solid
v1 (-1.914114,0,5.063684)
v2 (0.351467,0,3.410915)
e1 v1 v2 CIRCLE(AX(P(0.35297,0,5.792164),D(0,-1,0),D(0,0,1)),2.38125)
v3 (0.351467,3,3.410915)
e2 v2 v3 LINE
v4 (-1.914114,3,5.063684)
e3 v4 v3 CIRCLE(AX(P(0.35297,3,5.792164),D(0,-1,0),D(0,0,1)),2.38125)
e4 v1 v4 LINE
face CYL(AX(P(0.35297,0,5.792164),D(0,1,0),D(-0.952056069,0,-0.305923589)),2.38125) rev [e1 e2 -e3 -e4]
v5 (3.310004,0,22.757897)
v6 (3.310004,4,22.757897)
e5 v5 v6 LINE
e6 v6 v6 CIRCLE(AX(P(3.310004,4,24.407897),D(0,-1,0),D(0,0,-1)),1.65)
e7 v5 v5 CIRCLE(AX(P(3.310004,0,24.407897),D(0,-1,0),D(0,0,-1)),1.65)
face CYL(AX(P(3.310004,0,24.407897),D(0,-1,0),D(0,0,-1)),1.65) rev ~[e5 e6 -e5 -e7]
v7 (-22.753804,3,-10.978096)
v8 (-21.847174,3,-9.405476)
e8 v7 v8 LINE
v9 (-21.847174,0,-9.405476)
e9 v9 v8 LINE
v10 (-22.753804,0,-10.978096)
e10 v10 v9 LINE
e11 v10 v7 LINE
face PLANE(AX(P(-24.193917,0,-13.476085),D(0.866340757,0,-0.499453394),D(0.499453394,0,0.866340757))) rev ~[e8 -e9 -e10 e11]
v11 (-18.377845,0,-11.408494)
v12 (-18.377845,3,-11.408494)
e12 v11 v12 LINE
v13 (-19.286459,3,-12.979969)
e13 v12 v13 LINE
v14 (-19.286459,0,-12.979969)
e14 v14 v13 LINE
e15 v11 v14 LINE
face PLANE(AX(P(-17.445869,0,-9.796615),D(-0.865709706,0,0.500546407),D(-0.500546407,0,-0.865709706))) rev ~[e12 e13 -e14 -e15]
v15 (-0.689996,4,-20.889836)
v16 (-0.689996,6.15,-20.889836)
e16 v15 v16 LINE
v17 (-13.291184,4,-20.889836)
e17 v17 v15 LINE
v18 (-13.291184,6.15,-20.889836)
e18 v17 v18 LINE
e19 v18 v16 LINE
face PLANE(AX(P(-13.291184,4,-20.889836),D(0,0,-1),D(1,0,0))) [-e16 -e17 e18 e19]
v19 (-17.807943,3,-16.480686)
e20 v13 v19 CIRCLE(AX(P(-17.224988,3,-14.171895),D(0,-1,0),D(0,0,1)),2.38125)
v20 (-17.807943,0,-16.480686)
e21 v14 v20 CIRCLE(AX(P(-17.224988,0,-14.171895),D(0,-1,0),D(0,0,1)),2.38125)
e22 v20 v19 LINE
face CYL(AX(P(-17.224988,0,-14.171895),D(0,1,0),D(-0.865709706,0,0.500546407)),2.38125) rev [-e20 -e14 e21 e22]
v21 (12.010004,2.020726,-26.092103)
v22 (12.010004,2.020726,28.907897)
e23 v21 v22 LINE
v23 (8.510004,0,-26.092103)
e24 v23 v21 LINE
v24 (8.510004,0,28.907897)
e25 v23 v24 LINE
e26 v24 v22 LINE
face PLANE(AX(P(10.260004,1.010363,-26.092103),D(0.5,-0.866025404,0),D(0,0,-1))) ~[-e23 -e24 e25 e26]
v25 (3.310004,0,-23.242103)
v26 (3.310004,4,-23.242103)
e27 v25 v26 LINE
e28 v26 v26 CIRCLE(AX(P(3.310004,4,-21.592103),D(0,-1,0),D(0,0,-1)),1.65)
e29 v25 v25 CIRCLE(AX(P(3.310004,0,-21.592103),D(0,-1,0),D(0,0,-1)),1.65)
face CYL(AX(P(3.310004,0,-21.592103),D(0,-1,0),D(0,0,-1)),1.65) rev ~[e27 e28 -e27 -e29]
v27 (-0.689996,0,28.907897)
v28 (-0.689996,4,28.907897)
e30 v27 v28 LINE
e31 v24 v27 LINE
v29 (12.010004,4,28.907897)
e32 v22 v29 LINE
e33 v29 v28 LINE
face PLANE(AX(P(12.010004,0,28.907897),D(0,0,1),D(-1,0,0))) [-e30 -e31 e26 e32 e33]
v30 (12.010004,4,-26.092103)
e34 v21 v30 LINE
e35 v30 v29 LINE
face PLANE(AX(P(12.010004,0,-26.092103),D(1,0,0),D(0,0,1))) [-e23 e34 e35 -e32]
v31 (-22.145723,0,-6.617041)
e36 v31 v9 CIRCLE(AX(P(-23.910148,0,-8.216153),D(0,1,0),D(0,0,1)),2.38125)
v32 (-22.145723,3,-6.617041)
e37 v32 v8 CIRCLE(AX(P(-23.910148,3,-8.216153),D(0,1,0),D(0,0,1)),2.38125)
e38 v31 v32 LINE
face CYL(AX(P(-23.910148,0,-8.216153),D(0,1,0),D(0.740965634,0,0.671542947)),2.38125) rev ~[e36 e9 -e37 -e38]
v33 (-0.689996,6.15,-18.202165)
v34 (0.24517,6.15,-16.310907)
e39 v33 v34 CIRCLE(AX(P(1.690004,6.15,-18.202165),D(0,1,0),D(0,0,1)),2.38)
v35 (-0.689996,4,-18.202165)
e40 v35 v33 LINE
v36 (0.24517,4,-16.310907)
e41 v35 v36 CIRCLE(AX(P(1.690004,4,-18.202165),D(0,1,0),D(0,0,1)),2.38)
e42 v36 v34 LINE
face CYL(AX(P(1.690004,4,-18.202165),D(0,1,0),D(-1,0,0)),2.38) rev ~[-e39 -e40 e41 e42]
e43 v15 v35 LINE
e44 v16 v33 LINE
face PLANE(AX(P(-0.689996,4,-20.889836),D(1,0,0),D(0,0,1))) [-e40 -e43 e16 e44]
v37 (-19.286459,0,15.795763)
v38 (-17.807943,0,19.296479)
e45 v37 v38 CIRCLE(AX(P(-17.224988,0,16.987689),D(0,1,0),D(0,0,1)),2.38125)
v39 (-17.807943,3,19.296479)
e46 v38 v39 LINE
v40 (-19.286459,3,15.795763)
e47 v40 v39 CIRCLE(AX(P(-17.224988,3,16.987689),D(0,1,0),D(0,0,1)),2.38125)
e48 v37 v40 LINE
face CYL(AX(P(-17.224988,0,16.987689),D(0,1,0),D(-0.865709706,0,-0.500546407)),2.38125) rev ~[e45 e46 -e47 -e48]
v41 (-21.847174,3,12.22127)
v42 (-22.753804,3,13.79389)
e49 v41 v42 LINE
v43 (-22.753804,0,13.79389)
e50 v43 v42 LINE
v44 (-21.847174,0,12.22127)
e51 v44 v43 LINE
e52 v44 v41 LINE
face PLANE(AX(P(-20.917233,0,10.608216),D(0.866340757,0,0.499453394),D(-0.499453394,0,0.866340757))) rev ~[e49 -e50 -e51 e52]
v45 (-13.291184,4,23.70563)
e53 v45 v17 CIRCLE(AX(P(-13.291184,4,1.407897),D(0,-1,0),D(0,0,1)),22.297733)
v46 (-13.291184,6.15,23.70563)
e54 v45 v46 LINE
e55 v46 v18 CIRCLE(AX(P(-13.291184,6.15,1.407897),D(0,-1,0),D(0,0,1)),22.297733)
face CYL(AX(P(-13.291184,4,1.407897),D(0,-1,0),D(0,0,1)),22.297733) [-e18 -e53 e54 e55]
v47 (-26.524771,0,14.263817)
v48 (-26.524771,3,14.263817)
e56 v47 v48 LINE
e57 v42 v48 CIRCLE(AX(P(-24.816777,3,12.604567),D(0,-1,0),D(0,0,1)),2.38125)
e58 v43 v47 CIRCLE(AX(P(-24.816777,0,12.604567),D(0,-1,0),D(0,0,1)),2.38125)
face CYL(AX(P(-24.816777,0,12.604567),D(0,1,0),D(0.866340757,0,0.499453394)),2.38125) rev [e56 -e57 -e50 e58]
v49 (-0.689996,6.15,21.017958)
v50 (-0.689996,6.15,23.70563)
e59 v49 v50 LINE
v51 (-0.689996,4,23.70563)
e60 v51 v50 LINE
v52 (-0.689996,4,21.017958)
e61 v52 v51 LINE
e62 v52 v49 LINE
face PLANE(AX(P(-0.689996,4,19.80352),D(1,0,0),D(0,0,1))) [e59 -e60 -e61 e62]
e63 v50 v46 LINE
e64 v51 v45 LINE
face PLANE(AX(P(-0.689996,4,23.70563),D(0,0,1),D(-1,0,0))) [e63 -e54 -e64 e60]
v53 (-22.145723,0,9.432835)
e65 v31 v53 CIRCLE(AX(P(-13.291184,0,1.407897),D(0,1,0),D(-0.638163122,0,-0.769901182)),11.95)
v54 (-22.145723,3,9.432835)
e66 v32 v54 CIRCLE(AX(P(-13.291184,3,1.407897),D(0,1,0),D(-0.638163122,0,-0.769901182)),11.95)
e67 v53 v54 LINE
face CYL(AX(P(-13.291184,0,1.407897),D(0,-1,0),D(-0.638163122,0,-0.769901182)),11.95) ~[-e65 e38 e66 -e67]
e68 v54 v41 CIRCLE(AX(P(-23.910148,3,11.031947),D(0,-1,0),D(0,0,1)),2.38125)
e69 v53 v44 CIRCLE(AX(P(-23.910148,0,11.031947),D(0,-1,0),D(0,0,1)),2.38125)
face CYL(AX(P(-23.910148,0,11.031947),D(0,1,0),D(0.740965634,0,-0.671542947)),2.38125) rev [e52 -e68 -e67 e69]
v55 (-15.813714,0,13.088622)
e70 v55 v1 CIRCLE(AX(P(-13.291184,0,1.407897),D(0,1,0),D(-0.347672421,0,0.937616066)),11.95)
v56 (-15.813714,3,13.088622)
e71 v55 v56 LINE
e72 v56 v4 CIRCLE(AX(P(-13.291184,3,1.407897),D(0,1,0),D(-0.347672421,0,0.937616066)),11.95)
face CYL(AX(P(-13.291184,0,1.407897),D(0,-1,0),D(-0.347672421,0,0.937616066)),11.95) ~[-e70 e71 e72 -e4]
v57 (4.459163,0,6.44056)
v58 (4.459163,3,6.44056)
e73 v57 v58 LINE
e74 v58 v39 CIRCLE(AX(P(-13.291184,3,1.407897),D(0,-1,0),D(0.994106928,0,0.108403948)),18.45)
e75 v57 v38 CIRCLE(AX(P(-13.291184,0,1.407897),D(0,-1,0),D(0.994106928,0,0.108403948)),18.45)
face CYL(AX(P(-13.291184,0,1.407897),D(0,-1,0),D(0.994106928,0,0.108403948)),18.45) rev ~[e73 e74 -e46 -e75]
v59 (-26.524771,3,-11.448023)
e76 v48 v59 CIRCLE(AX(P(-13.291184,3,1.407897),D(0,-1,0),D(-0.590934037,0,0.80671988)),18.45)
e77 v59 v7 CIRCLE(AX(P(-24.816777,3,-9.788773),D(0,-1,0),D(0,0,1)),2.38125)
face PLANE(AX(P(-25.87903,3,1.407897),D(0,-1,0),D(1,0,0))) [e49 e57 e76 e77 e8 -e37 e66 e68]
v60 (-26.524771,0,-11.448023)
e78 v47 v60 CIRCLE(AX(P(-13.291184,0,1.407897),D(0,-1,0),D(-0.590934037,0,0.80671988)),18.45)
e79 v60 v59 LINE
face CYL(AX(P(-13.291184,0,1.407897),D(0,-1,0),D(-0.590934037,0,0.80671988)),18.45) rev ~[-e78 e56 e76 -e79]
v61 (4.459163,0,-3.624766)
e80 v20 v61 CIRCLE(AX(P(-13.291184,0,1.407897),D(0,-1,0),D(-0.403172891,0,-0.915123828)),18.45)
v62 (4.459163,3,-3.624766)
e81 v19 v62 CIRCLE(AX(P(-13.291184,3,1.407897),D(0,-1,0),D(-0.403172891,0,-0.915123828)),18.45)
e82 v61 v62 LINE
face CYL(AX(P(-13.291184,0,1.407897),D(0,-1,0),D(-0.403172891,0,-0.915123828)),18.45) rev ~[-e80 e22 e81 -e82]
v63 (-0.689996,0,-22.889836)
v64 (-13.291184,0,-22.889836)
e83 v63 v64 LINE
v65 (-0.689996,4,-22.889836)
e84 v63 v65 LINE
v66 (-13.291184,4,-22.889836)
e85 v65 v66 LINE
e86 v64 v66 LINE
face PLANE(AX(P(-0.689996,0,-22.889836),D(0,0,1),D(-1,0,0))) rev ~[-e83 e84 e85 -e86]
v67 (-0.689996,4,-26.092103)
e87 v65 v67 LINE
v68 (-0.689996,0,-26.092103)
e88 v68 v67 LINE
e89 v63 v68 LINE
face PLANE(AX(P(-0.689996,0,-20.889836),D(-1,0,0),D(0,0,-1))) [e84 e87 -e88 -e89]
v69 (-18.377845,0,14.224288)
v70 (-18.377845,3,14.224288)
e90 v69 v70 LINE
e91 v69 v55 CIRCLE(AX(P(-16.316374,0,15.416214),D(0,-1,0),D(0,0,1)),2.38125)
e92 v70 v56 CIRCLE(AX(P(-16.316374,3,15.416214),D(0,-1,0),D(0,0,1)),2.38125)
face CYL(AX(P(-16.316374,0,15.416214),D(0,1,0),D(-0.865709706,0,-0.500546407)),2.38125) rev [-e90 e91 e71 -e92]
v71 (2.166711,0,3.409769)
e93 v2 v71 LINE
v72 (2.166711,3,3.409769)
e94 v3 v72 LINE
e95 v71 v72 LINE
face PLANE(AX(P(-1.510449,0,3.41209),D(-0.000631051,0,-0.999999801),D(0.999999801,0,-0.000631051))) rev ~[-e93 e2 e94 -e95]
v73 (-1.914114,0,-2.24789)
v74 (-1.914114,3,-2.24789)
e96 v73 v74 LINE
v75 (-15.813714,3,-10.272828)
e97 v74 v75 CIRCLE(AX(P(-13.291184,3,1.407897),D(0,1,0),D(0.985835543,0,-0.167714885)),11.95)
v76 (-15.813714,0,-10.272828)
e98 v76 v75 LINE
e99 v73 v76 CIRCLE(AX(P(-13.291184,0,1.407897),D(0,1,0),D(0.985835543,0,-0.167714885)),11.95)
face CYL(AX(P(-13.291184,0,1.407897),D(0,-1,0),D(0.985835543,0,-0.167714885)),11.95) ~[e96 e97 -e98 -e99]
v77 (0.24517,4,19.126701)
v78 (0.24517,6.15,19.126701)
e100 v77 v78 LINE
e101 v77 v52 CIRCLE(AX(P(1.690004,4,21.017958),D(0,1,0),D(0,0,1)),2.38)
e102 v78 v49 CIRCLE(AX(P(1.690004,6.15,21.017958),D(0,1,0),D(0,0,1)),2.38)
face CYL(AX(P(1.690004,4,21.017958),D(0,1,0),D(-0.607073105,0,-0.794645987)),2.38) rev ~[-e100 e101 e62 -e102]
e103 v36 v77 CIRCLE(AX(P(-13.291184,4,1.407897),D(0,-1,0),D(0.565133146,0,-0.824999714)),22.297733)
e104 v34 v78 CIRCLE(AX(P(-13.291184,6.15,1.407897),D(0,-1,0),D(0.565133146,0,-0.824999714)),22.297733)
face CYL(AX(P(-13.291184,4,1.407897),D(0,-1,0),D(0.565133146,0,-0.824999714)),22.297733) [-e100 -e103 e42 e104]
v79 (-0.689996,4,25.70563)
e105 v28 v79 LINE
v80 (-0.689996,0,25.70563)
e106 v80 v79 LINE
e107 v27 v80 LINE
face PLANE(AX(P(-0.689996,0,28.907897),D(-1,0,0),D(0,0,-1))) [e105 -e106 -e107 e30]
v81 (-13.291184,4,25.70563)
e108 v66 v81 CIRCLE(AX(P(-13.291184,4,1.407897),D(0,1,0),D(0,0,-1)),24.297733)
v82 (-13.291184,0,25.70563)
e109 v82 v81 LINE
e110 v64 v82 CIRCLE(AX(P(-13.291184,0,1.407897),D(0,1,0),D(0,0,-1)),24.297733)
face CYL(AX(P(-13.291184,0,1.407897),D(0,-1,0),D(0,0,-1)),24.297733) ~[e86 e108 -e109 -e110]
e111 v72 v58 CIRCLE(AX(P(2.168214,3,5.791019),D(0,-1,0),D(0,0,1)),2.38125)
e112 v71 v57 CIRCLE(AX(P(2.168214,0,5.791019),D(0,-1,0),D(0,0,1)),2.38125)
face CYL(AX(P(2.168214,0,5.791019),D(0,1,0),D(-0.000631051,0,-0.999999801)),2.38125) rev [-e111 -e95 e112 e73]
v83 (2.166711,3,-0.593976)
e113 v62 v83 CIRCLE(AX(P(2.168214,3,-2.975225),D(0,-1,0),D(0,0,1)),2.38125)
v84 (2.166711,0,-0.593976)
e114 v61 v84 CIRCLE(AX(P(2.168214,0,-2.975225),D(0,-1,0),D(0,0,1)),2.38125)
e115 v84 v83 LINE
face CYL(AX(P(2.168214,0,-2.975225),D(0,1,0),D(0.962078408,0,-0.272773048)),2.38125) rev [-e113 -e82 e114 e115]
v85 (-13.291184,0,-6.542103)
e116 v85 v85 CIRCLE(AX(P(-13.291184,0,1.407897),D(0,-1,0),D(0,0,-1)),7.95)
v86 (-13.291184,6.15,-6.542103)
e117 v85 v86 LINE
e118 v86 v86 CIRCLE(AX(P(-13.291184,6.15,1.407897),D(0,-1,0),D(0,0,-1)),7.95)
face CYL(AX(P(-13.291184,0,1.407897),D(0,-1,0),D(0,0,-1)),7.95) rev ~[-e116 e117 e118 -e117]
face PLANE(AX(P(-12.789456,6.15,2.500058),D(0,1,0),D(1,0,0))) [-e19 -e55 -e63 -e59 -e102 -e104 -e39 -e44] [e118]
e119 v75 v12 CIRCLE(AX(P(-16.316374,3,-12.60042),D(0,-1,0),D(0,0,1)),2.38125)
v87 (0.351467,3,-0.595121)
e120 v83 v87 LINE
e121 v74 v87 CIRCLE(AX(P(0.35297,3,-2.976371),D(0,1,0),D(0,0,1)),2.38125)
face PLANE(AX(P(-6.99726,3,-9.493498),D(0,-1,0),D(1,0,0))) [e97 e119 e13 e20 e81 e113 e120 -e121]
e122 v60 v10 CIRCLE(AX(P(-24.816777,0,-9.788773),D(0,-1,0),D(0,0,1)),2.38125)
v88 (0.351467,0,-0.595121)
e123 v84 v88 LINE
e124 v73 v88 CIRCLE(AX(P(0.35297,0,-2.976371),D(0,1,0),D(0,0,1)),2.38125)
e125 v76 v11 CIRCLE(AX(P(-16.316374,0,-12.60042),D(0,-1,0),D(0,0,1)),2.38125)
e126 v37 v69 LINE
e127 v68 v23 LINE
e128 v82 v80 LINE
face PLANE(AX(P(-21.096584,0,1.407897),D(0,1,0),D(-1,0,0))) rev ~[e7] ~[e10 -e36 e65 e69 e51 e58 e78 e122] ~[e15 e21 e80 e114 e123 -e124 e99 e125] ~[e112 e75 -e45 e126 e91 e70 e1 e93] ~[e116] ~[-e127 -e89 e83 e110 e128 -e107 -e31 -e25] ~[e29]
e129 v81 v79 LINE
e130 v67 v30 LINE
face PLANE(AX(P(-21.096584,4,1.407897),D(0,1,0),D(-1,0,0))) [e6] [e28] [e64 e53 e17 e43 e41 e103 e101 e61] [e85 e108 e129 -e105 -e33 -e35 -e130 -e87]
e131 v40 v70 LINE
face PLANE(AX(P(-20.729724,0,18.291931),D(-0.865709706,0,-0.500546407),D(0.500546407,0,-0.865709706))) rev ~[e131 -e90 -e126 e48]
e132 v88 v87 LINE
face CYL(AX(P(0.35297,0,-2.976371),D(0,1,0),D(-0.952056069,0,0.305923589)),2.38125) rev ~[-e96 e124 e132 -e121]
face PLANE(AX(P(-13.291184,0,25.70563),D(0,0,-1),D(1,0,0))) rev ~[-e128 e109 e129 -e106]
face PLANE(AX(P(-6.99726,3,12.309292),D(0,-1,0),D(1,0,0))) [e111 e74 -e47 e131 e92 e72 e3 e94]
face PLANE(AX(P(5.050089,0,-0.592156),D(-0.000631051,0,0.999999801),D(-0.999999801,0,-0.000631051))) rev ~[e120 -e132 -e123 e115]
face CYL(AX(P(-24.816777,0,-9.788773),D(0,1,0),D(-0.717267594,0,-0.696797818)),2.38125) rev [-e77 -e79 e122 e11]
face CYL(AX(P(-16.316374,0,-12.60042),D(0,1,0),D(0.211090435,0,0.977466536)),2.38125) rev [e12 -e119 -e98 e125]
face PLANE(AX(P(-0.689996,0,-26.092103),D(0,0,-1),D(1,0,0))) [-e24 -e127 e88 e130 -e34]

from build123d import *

# Parameters (mm, degrees)
BOSS_EXTRUDE1_DEPTH = 4
BOSS_EXTRUDE2_DEPTH = 2.25
SKETCH3_R           = 7.95
CUT_EXTRUDE1_DEPTH  = 9.25
SKETCH4_R           = 1.65
CUT_EXTRUDE2_DEPTH  = 9.25
CUT_EXTRUDE3_DEPTH  = 3
FILLET1_R           = 2.38125
CHAMFER1_SIZE       = 3.5
CHAMFER1_SIZE2      = 2.020725942
BOSS_EXTRUDE3_DEPTH = 4
SKETCH7_W           = 56.562445917
SKETCH7_H           = 51.963873078
CUT_EXTRUDE4_DEPTH  = 0.1
FILLET3_R           = 2.38


with BuildPart() as part:
    # Sketch1 → Boss-Extrude1 (new body)
    with BuildSketch(Plane(origin=(0, 0, 0), x_dir=(1, 0, 0), z_dir=(0, 1, 0))):
        with BuildLine():
            Line((-13.29118379, 20.889836125), (-0.68999579, 20.889836125))
            Line((-0.68999579, 20.889836125), (-0.68999579, 24.09210312))
            Line((-0.68999579, 24.09210312), (-0.68999579, 26.09210312))
            Line((-0.68999579, 26.09210312), (12.01000421, 26.09210312))
            Line((12.01000421, 26.09210312), (12.01000421, 24.09210312))
            Line((12.01000421, 24.09210312), (12.01000421, -26.90789688))
            Line((12.01000421, -26.90789688), (12.01000421, -28.90789688))
            Line((12.01000421, -28.90789688), (-0.68999579, -28.90789688))
            Line((-0.68999579, -28.90789688), (-0.68999579, -26.90789688))
            Line((-0.68999579, -26.90789688), (-0.68999579, -23.705629885))
            Line((-0.68999579, -23.705629885), (-13.29118379, -23.705629885))
            ThreePointArc((-13.29118379, -23.705629885), (-35.588916795, -1.40789688), (-13.29118379, 20.889836125))
        make_face()
    extrude(amount=BOSS_EXTRUDE1_DEPTH)

    # Sketch2 → Boss-Extrude2 (add)
    with BuildSketch(Plane(origin=(0, 4, 0), x_dir=(1, 0, 0), z_dir=(0, 1, 0))):
        with BuildLine():
            Line((-0.68999579, 20.889836125), (-0.68999579, 16.987726462))
            ThreePointArc((-0.68999579, 16.987726462), (9.006549215, -1.40789688), (-0.68999579, -19.803520222))
            Line((-0.68999579, -19.803520222), (-0.68999579, -23.705629885))
            Line((-0.68999579, -23.705629885), (-13.29118379, -23.705629885))
            ThreePointArc((-13.29118379, -23.705629885), (-35.588916795, -1.40789688), (-13.29118379, 20.889836125))
            Line((-13.29118379, 20.889836125), (-0.68999579, 20.889836125))
        make_face()
    extrude(amount=BOSS_EXTRUDE2_DEPTH)

    # Sketch3 → Cut-Extrude1 (cut)
    with BuildSketch(Plane.XZ):
        with Locations((-13.29118379, 1.40789688)):
            Circle(SKETCH3_R)
    extrude(amount=-CUT_EXTRUDE1_DEPTH, mode=Mode.SUBTRACT)

    # Sketch4 → Cut-Extrude2 (cut)
    with BuildSketch(Plane.XZ):
        with Locations((3.31000421, -21.59210312)):
            Circle(SKETCH4_R)
        with Locations((3.31000421, 24.40789688)):
            Circle(SKETCH4_R)
    extrude(amount=-CUT_EXTRUDE2_DEPTH, mode=Mode.SUBTRACT)

    # Sketch5 → Cut-Extrude3 (cut)
    with BuildSketch(Plane.XZ):
        with BuildLine():
            ThreePointArc((-20.917233099, -7.792422241), (-25.24118379, 1.40789688), (-20.917233099, 10.608216001))
            Line((-20.917233099, 10.608216001), (-24.193916765, 16.291878661))
            ThreePointArc((-24.193916765, 16.291878661), (-31.74118379, 1.40789688), (-24.193916765, -13.476084902))
            Line((-24.193916765, -13.476084902), (-20.917233099, -7.792422241))
        make_face()
        with BuildLine():
            Line((-20.729723635, 18.291931497), (-17.445869217, 12.612408873))
            ThreePointArc((-17.445869217, 12.612408873), (-7.31618379, 11.756900455), (-1.510449053, 3.412089752))
            Line((-1.510449053, 3.412089752), (5.05008903, 3.407949716))
            ThreePointArc((5.05008903, 3.407949716), (-4.06618379, 17.38606558), (-20.729723635, 18.291931497))
        make_face()
        with BuildLine():
            ThreePointArc((-1.510449053, -0.596295992), (-7.31618379, -8.941106696), (-17.445869217, -9.796615113))
            Line((-17.445869217, -9.796615113), (-20.729723635, -15.476137738))
            ThreePointArc((-20.729723635, -15.476137738), (-4.06618379, -14.57027182), (5.05008903, -0.592155956))
            Line((5.05008903, -0.592155956), (-1.510449053, -0.596295992))
        make_face()
    extrude(amount=-CUT_EXTRUDE3_DEPTH, mode=Mode.SUBTRACT)

    # Fillet1
    fillet1_edges = [part.edges().sort_by_distance(p)[0] for p in [
        (5.05008903, 1.5, 3.407949716),
        (-1.510449053, 1.5, 3.412089752),
        (5.05008903, 1.5, -0.592155956),
        (-24.193916765, 1.5, 16.291878661),
        (-20.729723635, 1.5, 18.291931497),
        (-1.510449053, 1.5, -0.596295992),
        (-20.729723635, 1.5, -15.476137738),
        (-20.917233099, 1.5, 10.608216001),
        (-20.917233099, 1.5, -7.792422241),
        (-24.193916765, 1.5, -13.476084902),
        (-17.445869217, 1.5, -9.796615113),
        (-17.445869217, 1.5, 12.612408873),
    ]]
    fillet(fillet1_edges, radius=FILLET1_R)

    # Chamfer1
    chamfer1_edges = [part.edges().sort_by_distance(p)[0] for p in [
        (12.01000421, 0, 1.40789688),
    ]]
    chamfer1_side = [part.faces().sort_by_distance(p)[0] for p in [
        (-3.702499267, 0, 18.015985651),
    ]]
    chamfer(chamfer1_edges, length=CHAMFER1_SIZE, length2=CHAMFER1_SIZE2, reference=chamfer1_side[0])

    # Sketch6 → Boss-Extrude3 (add)
    with BuildSketch(Plane.XZ):
        with BuildLine():
            Line((-0.68999579, -22.889836125), (-13.29118379, -22.889836125))
            ThreePointArc((-13.29118379, -22.889836125), (-37.588916795, 1.40789688), (-13.29118379, 25.705629885))
            Line((-13.29118379, 25.705629885), (-0.68999579, 25.705629885))
            Line((-0.68999579, 25.705629885), (-0.68999579, 23.705629885))
            Line((-0.68999579, 23.705629885), (-13.29118379, 23.705629885))
            ThreePointArc((-13.29118379, 23.705629885), (-35.588916795, 1.40789688), (-13.29118379, -20.889836125))
            Line((-13.29118379, -20.889836125), (-0.68999579, -20.889836125))
            Line((-0.68999579, -20.889836125), (-0.68999579, -22.889836125))
        make_face()
    extrude(amount=-BOSS_EXTRUDE3_DEPTH)

    # Sketch7 → Cut-Extrude4 (cut)
    with BuildSketch(Plane(origin=(0, 6.25, 0), x_dir=(1, 0, 0), z_dir=(0, 1, 0))):
        with Locations((-12.789456293, -2.500057929)):
            Rectangle(SKETCH7_W, SKETCH7_H)
    extrude(amount=-CUT_EXTRUDE4_DEPTH, mode=Mode.SUBTRACT)

    # Fillet3
    fillet3_edges = [part.edges().sort_by_distance(p)[0] for p in [
        (-0.68999579, 5.075, -16.987726462),
        (-0.68999579, 5.075, 19.803520222),
    ]]
    fillet(fillet3_edges, radius=FILLET3_R)


solid = part.part
